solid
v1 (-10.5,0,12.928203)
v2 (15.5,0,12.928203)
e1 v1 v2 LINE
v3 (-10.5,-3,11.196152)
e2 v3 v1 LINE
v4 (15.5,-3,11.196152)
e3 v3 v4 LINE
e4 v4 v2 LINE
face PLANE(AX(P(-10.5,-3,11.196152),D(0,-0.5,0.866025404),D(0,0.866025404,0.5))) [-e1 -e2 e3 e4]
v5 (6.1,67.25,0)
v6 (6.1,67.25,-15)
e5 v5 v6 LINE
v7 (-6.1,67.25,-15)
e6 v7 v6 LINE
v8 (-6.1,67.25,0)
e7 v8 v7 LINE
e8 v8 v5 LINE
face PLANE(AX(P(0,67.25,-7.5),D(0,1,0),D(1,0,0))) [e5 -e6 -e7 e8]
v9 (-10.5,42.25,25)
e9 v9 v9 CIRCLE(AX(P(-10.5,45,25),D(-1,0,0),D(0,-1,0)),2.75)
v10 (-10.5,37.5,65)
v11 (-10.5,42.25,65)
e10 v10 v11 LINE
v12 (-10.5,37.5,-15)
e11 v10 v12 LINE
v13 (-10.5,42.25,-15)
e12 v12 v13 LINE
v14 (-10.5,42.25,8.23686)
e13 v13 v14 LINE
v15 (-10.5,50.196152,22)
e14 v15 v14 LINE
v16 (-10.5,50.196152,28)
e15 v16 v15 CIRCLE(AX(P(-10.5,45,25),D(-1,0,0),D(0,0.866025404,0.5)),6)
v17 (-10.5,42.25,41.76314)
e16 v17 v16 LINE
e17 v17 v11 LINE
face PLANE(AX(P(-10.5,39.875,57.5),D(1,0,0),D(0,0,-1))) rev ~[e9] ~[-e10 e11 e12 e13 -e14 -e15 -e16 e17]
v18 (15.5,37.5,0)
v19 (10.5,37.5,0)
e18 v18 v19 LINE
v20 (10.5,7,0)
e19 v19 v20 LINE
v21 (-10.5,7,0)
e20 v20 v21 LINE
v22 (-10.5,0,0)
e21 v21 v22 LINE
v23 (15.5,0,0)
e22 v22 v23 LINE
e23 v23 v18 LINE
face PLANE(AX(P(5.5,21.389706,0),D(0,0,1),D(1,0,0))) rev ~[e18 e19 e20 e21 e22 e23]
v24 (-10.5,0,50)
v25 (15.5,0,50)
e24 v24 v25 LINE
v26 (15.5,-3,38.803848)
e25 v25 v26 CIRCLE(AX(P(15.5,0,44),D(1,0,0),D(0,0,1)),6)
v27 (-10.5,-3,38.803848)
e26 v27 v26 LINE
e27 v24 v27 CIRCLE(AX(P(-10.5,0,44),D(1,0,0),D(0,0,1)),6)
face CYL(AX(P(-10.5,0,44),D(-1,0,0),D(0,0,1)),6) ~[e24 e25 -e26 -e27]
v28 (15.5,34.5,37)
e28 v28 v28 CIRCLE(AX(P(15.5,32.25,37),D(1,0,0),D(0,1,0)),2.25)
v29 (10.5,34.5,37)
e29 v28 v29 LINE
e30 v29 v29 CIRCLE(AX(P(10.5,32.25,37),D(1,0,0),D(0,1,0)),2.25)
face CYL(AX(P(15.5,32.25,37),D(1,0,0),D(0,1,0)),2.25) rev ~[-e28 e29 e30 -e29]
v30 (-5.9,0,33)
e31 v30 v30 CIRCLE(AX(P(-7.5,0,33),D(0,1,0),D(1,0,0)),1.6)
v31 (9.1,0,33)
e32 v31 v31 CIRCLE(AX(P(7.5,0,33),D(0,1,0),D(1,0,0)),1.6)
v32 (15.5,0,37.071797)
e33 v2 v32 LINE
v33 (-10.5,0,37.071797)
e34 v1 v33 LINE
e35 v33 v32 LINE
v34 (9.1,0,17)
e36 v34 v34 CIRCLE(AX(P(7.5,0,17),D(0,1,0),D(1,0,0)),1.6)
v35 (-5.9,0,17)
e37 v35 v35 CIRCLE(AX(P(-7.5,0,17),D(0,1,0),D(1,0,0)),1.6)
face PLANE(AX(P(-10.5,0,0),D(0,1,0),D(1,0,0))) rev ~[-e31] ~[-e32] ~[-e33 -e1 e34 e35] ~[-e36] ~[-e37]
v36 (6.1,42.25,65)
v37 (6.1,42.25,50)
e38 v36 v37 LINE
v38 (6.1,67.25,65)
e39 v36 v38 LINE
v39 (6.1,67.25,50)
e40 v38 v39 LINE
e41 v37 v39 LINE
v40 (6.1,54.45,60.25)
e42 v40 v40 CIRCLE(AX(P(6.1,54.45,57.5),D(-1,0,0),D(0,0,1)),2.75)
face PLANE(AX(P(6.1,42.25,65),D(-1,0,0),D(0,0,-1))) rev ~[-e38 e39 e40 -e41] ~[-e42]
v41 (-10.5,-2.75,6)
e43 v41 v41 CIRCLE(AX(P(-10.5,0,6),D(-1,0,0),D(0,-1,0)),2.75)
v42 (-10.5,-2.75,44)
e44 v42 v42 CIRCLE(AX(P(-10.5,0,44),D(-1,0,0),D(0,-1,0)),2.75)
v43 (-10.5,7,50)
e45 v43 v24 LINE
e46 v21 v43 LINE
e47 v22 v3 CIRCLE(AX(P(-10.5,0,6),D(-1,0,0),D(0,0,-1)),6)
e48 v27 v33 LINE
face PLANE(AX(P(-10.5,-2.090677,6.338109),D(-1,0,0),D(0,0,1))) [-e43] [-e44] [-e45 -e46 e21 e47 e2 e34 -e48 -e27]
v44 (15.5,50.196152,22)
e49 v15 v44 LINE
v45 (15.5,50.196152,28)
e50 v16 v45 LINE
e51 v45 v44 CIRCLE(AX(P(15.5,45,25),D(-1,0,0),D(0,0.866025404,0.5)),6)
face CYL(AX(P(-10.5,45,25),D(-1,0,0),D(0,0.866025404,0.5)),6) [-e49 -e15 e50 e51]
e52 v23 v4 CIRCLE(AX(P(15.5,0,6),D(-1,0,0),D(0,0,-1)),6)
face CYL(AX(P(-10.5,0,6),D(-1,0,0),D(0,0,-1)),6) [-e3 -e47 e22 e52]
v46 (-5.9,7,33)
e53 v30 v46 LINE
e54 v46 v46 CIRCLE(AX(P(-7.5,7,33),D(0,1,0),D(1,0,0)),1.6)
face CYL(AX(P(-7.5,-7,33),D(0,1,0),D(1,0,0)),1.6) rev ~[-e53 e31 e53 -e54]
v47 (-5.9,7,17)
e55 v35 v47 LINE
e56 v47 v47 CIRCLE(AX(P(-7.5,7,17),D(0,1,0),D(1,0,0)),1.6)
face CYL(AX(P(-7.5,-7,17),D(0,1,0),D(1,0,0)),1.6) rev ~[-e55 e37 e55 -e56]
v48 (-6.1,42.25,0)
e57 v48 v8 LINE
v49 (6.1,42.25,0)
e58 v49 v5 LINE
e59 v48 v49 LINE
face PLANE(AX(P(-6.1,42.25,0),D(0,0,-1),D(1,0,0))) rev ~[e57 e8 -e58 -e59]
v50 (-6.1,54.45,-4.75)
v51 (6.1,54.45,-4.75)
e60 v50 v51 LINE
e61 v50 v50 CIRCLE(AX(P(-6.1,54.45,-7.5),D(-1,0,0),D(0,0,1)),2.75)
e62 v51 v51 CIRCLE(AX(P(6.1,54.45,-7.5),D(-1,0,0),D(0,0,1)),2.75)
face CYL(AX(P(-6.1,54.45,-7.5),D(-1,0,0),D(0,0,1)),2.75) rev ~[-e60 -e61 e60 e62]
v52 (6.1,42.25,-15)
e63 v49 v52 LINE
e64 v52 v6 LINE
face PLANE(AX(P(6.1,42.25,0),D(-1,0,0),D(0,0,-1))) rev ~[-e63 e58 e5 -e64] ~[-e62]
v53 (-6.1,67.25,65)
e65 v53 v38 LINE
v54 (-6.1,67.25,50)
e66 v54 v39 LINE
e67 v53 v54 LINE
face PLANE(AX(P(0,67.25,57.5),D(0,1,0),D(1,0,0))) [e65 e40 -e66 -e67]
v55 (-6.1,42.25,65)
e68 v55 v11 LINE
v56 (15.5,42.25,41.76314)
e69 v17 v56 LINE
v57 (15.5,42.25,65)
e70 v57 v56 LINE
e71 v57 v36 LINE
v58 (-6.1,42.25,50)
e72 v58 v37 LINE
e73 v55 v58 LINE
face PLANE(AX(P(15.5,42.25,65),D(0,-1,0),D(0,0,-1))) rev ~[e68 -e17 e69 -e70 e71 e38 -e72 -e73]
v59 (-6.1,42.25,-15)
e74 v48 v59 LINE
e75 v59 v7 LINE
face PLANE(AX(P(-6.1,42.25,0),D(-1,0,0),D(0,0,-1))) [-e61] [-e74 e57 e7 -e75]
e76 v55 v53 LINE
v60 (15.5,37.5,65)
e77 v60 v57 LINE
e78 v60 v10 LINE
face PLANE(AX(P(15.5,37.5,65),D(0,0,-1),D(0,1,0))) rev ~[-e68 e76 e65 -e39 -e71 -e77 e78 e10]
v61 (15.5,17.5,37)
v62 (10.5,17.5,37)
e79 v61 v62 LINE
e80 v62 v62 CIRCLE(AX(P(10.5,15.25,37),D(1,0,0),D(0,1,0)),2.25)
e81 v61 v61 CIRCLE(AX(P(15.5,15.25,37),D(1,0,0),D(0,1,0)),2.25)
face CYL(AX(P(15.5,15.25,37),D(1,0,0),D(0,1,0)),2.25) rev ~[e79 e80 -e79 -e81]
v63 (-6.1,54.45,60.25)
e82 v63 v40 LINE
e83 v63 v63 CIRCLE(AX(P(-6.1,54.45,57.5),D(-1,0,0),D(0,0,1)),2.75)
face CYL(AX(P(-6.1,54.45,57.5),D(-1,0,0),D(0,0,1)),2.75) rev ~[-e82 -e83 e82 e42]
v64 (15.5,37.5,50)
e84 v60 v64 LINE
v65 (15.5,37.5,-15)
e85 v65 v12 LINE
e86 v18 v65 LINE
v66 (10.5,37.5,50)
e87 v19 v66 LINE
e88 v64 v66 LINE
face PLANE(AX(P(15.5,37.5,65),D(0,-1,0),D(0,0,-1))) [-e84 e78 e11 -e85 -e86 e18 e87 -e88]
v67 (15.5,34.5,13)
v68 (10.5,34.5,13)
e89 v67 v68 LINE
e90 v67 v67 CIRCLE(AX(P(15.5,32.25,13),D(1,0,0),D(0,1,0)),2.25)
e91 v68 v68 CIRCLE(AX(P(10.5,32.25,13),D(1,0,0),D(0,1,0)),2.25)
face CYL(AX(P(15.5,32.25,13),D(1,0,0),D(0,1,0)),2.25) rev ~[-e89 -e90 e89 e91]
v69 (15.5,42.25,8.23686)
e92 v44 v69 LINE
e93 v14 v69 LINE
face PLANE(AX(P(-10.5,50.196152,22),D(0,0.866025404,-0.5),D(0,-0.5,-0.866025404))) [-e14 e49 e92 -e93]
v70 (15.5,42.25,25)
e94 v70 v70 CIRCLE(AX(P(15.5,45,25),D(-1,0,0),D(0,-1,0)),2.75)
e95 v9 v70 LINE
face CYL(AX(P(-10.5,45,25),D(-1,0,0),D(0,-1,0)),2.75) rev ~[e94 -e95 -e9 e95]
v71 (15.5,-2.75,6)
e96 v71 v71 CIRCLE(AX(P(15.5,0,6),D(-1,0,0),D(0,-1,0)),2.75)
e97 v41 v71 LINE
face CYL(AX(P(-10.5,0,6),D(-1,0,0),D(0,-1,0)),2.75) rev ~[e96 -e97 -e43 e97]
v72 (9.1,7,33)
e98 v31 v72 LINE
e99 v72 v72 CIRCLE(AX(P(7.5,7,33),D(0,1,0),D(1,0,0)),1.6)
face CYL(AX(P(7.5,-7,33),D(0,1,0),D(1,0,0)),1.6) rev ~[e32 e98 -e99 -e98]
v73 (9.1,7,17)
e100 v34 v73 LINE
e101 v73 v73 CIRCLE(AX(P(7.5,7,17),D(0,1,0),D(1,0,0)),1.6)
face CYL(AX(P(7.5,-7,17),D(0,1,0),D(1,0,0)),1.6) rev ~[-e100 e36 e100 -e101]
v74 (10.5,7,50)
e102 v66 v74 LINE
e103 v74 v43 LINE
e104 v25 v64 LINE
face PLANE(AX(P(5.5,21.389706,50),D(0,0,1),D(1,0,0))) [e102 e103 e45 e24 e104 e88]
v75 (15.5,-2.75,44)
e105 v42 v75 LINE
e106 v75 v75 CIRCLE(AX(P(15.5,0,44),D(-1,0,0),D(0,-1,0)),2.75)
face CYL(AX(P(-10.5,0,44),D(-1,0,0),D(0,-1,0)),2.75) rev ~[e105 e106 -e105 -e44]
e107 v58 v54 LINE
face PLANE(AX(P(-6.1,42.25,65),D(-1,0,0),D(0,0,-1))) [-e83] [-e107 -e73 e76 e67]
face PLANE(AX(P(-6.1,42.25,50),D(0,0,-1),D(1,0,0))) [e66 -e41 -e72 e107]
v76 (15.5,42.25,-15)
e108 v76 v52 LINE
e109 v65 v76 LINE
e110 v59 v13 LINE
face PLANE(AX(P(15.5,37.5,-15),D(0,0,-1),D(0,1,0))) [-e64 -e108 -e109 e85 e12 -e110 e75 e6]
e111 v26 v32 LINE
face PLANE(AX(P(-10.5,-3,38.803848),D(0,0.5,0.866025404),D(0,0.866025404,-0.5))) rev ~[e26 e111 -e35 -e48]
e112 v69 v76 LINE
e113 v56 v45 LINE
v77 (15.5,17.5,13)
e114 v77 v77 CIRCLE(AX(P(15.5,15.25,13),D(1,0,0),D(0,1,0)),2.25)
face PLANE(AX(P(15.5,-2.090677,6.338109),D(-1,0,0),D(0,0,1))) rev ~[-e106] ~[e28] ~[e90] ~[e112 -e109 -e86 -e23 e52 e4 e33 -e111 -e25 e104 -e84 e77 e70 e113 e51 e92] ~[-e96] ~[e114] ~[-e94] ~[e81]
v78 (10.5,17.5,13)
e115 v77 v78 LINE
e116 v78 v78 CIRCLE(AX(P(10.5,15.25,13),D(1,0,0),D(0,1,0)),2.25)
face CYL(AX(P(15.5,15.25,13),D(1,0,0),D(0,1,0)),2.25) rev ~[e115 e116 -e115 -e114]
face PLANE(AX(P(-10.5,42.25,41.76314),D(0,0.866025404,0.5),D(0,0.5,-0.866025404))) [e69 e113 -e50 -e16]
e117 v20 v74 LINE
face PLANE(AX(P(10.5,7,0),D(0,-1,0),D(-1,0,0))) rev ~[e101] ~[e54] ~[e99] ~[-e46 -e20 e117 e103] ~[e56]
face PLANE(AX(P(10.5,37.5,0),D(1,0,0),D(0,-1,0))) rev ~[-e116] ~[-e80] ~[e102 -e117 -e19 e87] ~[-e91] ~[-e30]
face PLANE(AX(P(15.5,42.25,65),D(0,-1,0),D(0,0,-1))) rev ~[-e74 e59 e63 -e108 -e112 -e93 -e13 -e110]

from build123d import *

# Parameters (mm, degrees)
BOSS_EXTRUDE1_DEPTH            = 50
F_3_2_3_2_DIAMETER_HOLE1_D     = 3.2
F_3_2_3_2_DIAMETER_HOLE1_DEPTH = 7
SKETCH5_R                      = 2.25
CUT_EXTRUDE1_DEPTH             = 71.434810286
SKETCH6_W                      = 15
SKETCH6_H                      = 4.75
BOSS_EXTRUDE2_DEPTH            = 26
SKETCH8_W                      = 12.2
SKETCH8_H                      = 15
BOSS_EXTRUDE3_DEPTH            = 25
SKETCH9_R                      = 2.75
CUT_EXTRUDE2_DEPTH             = 96.990220856
BOSS_EXTRUDE4_DEPTH            = 26
CUT_EXTRUDE3_REACH             = 99.075
SKETCH11_R                     = 2.75


with BuildPart() as part:
    # Sketch1 → Boss-Extrude1 (new body)
    with BuildSketch(Plane.XY):
        Polygon((-10.5, 0), (15.5, 0), (15.5, 42.25), (-10.5, 42.25), (-10.5, 37.5), (10.5, 37.5), (10.5, 7), (-10.5, 7), align=None)
    extrude(amount=BOSS_EXTRUDE1_DEPTH)

    # Ø3.2 (3.2) Diameter Hole1
    with Locations(Plane(origin=(0, 0, 0), x_dir=(-1, 0, 0), z_dir=(0, -1, 0))):
        with Locations((-7.5, -17), (7.5, -17), (7.5, -33), (-7.5, -33)):
            Hole(F_3_2_3_2_DIAMETER_HOLE1_D / 2, depth=F_3_2_3_2_DIAMETER_HOLE1_DEPTH)

    # Sketch5 → Cut-Extrude1 (cut, through all)
    with BuildSketch(Plane(origin=(15.5, 0, 0), x_dir=(0, 0, -1), z_dir=(1, 0, 0))):
        with Locations(Location((-37, 32.25, 0), (0, 0, 90))):
            Circle(SKETCH5_R)
        with Locations(Location((-13, 32.25, 0), (0, 0, 90))):
            Circle(SKETCH5_R)
        with Locations(Location((-37, 15.25, 0), (0, 0, 90))):
            Circle(SKETCH5_R)
        with Locations(Location((-13, 15.25, 0), (0, 0, 90))):
            Circle(SKETCH5_R)
    extrude(amount=-CUT_EXTRUDE1_DEPTH, mode=Mode.SUBTRACT)

    # Sketch6 → Boss-Extrude2 (add)
    with BuildSketch(Plane(origin=(15.5, 0, 0), x_dir=(0, 0, -1), z_dir=(1, 0, 0))):
        with Locations((-57.5, 39.875)):
            Rectangle(SKETCH6_W, SKETCH6_H)
        with Locations((7.5, 39.875)):
            Rectangle(SKETCH6_W, SKETCH6_H)
    extrude(amount=-BOSS_EXTRUDE2_DEPTH)

    # Sketch8 → Boss-Extrude3 (add)
    with BuildSketch(Plane(origin=(0, 42.25, 0), x_dir=(1, 0, 0), z_dir=(0, 1, 0))):
        with Locations((0, 7.5)):
            Rectangle(SKETCH8_W, SKETCH8_H)
        with Locations((0, -57.5)):
            Rectangle(SKETCH8_W, SKETCH8_H)
    extrude(amount=BOSS_EXTRUDE3_DEPTH)

    # Sketch9 → Cut-Extrude2 (cut, through all)
    with BuildSketch(Plane.ZY.offset(6.1)):
        with Locations((-7.5, 54.45)):
            Circle(SKETCH9_R)
        with Locations((57.5, 54.45)):
            Circle(SKETCH9_R)
    extrude(amount=-CUT_EXTRUDE2_DEPTH, mode=Mode.SUBTRACT)

    # Sketch10 → Boss-Extrude4 (add)
    with BuildSketch(Plane.ZY.offset(10.5)):
        with BuildLine():
            Line((11.196152423, -3), (12.92820323, 0))
            Line((12.92820323, 0), (0, 0))
            ThreePointArc((0, 0), (4.447085729, -5.795554958), (11.196152423, -3))
        make_face()
        with BuildLine():
            Line((22, 50.196152423), (8.236860279, 42.25))
            Line((8.236860279, 42.25), (41.763139721, 42.25))
            Line((41.763139721, 42.25), (28, 50.196152423))
            ThreePointArc((28, 50.196152423), (25, 51), (22, 50.196152423))
        make_face()
        with BuildLine():
            Line((38.803847577, -3), (37.07179677, 0))
            Line((37.07179677, 0), (50, 0))
            ThreePointArc((50, 0), (45.552914271, -5.795554958), (38.803847577, -3))
        make_face()
    extrude(amount=-BOSS_EXTRUDE4_DEPTH)

    # Sketch11 → Cut-Extrude3 (cut, up to next)
    with BuildSketch(Plane.ZY.offset(10.5), mode=Mode.PRIVATE) as cut_extrude3_sk1:
        with Locations(Location((25, 45, 0), (0, 0, 270))):
            Circle(SKETCH11_R)
    cut_extrude3_tool1 = extrude(cut_extrude3_sk1.sketch, amount=-CUT_EXTRUDE3_REACH, mode=Mode.PRIVATE) & part.part
    # Sketch11 → Cut-Extrude3 (cut, up to next)
    with BuildSketch(Plane.ZY.offset(10.5), mode=Mode.PRIVATE) as cut_extrude3_sk2:
        with Locations(Location((44, 0, 0), (0, 0, 270))):
            Circle(SKETCH11_R)
    cut_extrude3_tool2 = extrude(cut_extrude3_sk2.sketch, amount=-CUT_EXTRUDE3_REACH, mode=Mode.PRIVATE) & part.part
    # Sketch11 → Cut-Extrude3 (cut, up to next)
    with BuildSketch(Plane.ZY.offset(10.5), mode=Mode.PRIVATE) as cut_extrude3_sk3:
        with Locations(Location((6, 0, 0), (0, 0, 270))):
            Circle(SKETCH11_R)
    cut_extrude3_tool3 = extrude(cut_extrude3_sk3.sketch, amount=-CUT_EXTRUDE3_REACH, mode=Mode.PRIVATE) & part.part
    add(cut_extrude3_tool1.solids().sort_by_distance((-10.5, 45, 25))[0], mode=Mode.SUBTRACT)
    add(cut_extrude3_tool2.solids().sort_by_distance((-10.5, 0, 44))[0], mode=Mode.SUBTRACT)
    add(cut_extrude3_tool3.solids().sort_by_distance((-10.5, 0, 6))[0], mode=Mode.SUBTRACT)


solid = part.part
